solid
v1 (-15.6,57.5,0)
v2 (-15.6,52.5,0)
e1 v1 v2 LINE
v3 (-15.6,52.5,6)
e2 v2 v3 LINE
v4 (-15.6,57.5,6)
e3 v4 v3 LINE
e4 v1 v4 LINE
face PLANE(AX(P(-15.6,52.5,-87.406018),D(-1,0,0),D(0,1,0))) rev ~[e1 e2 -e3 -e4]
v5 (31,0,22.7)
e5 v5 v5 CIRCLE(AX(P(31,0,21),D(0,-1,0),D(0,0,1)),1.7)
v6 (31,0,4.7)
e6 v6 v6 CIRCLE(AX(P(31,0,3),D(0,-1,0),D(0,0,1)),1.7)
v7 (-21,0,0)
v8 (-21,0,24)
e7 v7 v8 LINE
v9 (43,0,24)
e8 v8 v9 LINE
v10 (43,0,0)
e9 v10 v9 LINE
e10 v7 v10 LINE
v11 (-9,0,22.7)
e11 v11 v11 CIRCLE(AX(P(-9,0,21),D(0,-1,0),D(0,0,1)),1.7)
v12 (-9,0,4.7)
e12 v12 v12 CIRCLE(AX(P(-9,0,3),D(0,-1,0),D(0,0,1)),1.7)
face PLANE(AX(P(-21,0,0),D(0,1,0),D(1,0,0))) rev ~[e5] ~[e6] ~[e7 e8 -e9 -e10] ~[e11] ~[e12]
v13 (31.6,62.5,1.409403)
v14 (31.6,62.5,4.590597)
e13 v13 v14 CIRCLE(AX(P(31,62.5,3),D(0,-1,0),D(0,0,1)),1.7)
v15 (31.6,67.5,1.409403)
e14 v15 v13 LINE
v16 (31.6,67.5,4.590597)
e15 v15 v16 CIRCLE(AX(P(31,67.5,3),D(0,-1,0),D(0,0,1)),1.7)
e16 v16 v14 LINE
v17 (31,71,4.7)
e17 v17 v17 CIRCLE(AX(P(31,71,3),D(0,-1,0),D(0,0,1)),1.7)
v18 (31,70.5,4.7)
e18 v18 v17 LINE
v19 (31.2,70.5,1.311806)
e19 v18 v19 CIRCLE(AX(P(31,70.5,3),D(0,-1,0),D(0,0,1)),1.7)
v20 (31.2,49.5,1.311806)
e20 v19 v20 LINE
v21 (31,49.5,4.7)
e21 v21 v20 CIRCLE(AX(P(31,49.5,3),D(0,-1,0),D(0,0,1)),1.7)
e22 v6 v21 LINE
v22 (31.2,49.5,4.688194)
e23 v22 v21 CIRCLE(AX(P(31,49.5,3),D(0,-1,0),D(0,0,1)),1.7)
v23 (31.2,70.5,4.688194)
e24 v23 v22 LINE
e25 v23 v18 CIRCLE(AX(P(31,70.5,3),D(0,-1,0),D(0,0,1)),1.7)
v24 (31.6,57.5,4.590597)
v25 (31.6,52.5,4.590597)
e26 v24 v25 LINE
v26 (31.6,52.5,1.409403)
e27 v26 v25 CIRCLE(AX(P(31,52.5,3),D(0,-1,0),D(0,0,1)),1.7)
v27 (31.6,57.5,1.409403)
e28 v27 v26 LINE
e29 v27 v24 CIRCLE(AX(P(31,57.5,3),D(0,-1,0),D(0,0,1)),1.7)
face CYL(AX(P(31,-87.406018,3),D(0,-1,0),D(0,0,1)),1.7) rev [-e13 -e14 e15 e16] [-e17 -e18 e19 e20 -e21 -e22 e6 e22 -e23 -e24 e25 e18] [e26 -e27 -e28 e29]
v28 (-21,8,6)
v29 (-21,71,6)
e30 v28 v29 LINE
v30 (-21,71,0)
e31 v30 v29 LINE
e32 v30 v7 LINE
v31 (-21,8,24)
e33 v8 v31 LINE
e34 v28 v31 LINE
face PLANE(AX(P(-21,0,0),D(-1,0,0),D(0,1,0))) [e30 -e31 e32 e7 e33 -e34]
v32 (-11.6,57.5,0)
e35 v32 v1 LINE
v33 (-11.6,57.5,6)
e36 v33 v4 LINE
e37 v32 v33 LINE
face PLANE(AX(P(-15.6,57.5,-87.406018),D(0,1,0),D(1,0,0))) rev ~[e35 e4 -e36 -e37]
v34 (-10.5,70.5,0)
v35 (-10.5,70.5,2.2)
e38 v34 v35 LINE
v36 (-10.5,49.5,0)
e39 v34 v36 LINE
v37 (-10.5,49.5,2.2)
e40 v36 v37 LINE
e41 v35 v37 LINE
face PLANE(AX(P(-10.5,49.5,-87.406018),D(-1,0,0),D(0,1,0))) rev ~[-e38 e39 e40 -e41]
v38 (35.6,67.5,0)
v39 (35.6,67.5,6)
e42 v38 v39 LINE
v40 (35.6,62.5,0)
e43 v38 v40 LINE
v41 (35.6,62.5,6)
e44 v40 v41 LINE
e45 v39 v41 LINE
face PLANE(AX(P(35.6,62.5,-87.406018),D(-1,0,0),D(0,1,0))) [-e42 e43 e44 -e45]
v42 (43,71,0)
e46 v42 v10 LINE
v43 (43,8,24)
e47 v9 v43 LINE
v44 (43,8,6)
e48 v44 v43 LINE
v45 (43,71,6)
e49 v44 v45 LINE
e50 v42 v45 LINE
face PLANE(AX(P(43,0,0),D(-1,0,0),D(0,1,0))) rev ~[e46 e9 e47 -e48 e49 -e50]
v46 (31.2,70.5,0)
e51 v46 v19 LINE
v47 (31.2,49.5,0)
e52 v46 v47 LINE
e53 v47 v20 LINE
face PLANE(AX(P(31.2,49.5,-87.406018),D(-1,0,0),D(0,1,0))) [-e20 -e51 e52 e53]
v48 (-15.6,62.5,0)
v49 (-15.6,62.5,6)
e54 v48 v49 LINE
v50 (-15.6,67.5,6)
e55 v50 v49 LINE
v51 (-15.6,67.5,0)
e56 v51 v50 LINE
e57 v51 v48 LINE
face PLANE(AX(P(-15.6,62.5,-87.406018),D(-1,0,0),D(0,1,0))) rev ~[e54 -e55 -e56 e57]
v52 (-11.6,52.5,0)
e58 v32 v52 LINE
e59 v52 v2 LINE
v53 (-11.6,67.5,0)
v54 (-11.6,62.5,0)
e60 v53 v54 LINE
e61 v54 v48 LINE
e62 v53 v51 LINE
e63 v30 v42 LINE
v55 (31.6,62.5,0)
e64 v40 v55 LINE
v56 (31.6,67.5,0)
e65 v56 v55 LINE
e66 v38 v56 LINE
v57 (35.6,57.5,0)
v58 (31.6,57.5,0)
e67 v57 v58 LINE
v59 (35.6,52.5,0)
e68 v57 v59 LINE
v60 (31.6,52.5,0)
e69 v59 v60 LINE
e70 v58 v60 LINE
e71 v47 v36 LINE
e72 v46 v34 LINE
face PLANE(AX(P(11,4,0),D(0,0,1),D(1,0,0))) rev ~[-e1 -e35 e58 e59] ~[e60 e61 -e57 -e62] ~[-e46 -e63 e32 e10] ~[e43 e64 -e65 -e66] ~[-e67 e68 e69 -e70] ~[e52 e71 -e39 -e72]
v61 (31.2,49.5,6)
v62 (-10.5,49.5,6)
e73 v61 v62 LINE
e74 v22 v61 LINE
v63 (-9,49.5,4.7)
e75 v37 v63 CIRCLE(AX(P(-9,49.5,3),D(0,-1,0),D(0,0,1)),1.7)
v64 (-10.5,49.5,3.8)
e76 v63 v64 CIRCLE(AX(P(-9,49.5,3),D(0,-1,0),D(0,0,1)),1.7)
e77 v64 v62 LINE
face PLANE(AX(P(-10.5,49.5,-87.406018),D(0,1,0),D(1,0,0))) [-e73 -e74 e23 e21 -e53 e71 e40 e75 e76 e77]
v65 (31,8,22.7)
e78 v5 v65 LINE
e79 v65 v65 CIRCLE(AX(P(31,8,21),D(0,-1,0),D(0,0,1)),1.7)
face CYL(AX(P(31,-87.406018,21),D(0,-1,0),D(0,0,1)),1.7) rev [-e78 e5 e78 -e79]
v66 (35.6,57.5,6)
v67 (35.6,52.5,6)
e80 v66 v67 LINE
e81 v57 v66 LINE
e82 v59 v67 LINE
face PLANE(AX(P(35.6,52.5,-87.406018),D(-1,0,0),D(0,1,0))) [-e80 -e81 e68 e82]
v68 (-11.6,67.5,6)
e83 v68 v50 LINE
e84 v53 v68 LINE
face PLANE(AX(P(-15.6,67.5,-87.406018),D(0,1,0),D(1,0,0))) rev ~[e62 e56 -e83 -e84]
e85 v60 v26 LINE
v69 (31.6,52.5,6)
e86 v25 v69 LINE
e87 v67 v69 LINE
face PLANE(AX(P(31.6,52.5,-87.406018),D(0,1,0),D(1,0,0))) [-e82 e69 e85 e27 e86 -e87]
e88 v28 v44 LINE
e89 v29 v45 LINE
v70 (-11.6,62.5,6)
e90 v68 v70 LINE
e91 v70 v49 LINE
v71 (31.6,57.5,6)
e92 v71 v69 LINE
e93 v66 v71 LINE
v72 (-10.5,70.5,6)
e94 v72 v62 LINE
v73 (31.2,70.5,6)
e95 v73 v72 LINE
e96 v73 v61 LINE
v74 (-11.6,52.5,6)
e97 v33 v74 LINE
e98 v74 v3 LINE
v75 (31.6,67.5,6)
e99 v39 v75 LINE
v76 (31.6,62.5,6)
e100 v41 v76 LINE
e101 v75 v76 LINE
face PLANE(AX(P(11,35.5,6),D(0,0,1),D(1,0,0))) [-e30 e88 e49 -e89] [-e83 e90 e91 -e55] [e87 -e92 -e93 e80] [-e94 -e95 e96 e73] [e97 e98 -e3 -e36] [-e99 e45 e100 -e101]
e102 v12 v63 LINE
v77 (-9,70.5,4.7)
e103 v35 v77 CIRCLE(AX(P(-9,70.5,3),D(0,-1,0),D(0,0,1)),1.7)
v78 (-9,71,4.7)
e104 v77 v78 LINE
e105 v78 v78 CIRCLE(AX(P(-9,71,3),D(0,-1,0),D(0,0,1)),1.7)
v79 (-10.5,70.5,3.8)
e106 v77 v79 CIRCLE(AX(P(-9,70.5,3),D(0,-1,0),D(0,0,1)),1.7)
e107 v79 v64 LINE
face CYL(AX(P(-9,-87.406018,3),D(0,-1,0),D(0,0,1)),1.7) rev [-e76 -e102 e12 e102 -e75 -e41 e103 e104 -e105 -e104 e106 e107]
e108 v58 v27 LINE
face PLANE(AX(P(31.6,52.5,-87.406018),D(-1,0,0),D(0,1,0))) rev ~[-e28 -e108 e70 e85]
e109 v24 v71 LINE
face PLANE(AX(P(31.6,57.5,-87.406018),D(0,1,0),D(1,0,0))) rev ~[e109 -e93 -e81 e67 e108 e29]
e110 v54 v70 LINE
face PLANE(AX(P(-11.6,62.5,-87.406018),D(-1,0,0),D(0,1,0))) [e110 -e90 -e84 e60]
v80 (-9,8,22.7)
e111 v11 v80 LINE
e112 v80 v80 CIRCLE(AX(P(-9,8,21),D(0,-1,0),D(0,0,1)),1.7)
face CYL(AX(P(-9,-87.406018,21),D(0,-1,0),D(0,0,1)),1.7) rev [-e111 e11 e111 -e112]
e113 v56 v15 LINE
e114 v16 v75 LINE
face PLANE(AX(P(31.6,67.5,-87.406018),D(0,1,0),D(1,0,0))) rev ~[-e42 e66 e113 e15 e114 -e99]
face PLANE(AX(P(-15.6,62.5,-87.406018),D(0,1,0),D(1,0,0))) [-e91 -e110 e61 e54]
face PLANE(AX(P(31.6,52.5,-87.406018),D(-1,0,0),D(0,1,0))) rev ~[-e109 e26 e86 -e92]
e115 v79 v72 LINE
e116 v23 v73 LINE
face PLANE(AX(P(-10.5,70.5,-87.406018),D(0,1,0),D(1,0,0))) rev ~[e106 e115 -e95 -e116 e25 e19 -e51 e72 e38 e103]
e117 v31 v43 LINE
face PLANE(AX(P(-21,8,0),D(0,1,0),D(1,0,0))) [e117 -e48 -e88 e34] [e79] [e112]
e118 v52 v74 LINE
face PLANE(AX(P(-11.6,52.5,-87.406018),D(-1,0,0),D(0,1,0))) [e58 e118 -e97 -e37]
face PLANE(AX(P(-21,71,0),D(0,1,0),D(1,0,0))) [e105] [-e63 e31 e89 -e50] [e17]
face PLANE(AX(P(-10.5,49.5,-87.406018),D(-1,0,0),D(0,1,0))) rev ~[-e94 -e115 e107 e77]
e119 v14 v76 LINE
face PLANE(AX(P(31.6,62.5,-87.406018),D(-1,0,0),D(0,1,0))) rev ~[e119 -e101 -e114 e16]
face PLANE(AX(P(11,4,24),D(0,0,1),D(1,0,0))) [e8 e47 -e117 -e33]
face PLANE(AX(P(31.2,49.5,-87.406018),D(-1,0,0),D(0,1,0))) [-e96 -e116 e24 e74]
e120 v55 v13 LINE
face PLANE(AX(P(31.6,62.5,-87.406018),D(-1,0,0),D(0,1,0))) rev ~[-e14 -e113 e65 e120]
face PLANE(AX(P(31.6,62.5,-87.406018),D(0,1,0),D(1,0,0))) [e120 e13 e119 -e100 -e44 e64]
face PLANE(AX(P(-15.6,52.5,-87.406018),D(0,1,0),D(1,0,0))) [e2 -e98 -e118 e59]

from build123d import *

# Parameters (mm, degrees)
SKETCH_1_W                                      = 64
SKETCH_1_H                                      = 8
SERVO_FOOT_DEPTH                                = 24
SKETCH_2_W                                      = 64
SKETCH_2_H                                      = 71
SERVO_FACE_PLATE_DEPTH                          = 6
MG995_BODY_WINDOW_REFERENCE_DEPTH               = 87.406018309
MG995_BODY_WINDOW_REFERENCE_DEPTH_BACK          = 87.406018309
SKETCH_3_W                                      = 41.7
SKETCH_3_H                                      = 21
MG995_47P2X10_REFERENCE_SLOTS_VERIFY_DEPTH      = 87.406018309
MG995_47P2X10_REFERENCE_SLOTS_VERIFY_DEPTH_BACK = 87.406018309
SKETCH_4_W                                      = 4
SKETCH_4_H                                      = 5
SERVO_FOOT_M3_DEPTH                             = 87.406018309
SERVO_FOOT_M3_DEPTH_BACK                        = 87.406018309
SKETCH_5_R                                      = 1.7


with BuildPart() as part:
    # 草图1 → Servo_foot (new body)
    with BuildSketch(Plane.XY):
        with Locations((11, 4)):
            Rectangle(SKETCH_1_W, SKETCH_1_H)
    extrude(amount=SERVO_FOOT_DEPTH)

    # 草图2 → Servo_face_plate (add)
    with BuildSketch(Plane.XY):
        with Locations((11, 35.5)):
            Rectangle(SKETCH_2_W, SKETCH_2_H)
    extrude(amount=SERVO_FACE_PLATE_DEPTH)

    # 草图3 → MG995_body_window_REFERENCE (cut, two sides: drawn at the far end of the back side and taken through both)
    with BuildSketch(Plane.XY.offset(-MG995_BODY_WINDOW_REFERENCE_DEPTH_BACK)):
        with Locations((10.35, 60)):
            Rectangle(SKETCH_3_W, SKETCH_3_H)
    extrude(amount=MG995_BODY_WINDOW_REFERENCE_DEPTH + MG995_BODY_WINDOW_REFERENCE_DEPTH_BACK, mode=Mode.SUBTRACT)

    # 草图4 → MG995_47p2x10_reference_slots_VERIFY (cut, two sides: drawn at the far end of the back side and taken through both)
    with BuildSketch(Plane.XY.offset(-MG995_47P2X10_REFERENCE_SLOTS_VERIFY_DEPTH_BACK)):
        with Locations((-13.6, 55)):
            Rectangle(SKETCH_4_W, SKETCH_4_H)
        with Locations((-13.6, 65)):
            Rectangle(SKETCH_4_W, SKETCH_4_H)
        with Locations((33.6, 55)):
            Rectangle(SKETCH_4_W, SKETCH_4_H)
        with Locations((33.6, 65)):
            Rectangle(SKETCH_4_W, SKETCH_4_H)
    extrude(amount=MG995_47P2X10_REFERENCE_SLOTS_VERIFY_DEPTH + MG995_47P2X10_REFERENCE_SLOTS_VERIFY_DEPTH_BACK, mode=Mode.SUBTRACT)

    # 草图5 → Servo_foot_M3 (cut, two sides: drawn at the far end of the back side and taken through both)
    with BuildSketch(Plane(origin=(0, 0, 0), x_dir=(1, 0, 0), z_dir=(0, 1, 0)).offset(-SERVO_FOOT_M3_DEPTH_BACK)):
        with Locations(Location((-9, -3, 0), (0, 0, 270))):
            Circle(SKETCH_5_R)
        with Locations(Location((-9, -21, 0), (0, 0, 270))):
            Circle(SKETCH_5_R)
        with Locations(Location((31, -3, 0), (0, 0, 270))):
            Circle(SKETCH_5_R)
        with Locations(Location((31, -21, 0), (0, 0, 270))):
            Circle(SKETCH_5_R)
    extrude(amount=SERVO_FOOT_M3_DEPTH + SERVO_FOOT_M3_DEPTH_BACK, mode=Mode.SUBTRACT)


solid = part.part
